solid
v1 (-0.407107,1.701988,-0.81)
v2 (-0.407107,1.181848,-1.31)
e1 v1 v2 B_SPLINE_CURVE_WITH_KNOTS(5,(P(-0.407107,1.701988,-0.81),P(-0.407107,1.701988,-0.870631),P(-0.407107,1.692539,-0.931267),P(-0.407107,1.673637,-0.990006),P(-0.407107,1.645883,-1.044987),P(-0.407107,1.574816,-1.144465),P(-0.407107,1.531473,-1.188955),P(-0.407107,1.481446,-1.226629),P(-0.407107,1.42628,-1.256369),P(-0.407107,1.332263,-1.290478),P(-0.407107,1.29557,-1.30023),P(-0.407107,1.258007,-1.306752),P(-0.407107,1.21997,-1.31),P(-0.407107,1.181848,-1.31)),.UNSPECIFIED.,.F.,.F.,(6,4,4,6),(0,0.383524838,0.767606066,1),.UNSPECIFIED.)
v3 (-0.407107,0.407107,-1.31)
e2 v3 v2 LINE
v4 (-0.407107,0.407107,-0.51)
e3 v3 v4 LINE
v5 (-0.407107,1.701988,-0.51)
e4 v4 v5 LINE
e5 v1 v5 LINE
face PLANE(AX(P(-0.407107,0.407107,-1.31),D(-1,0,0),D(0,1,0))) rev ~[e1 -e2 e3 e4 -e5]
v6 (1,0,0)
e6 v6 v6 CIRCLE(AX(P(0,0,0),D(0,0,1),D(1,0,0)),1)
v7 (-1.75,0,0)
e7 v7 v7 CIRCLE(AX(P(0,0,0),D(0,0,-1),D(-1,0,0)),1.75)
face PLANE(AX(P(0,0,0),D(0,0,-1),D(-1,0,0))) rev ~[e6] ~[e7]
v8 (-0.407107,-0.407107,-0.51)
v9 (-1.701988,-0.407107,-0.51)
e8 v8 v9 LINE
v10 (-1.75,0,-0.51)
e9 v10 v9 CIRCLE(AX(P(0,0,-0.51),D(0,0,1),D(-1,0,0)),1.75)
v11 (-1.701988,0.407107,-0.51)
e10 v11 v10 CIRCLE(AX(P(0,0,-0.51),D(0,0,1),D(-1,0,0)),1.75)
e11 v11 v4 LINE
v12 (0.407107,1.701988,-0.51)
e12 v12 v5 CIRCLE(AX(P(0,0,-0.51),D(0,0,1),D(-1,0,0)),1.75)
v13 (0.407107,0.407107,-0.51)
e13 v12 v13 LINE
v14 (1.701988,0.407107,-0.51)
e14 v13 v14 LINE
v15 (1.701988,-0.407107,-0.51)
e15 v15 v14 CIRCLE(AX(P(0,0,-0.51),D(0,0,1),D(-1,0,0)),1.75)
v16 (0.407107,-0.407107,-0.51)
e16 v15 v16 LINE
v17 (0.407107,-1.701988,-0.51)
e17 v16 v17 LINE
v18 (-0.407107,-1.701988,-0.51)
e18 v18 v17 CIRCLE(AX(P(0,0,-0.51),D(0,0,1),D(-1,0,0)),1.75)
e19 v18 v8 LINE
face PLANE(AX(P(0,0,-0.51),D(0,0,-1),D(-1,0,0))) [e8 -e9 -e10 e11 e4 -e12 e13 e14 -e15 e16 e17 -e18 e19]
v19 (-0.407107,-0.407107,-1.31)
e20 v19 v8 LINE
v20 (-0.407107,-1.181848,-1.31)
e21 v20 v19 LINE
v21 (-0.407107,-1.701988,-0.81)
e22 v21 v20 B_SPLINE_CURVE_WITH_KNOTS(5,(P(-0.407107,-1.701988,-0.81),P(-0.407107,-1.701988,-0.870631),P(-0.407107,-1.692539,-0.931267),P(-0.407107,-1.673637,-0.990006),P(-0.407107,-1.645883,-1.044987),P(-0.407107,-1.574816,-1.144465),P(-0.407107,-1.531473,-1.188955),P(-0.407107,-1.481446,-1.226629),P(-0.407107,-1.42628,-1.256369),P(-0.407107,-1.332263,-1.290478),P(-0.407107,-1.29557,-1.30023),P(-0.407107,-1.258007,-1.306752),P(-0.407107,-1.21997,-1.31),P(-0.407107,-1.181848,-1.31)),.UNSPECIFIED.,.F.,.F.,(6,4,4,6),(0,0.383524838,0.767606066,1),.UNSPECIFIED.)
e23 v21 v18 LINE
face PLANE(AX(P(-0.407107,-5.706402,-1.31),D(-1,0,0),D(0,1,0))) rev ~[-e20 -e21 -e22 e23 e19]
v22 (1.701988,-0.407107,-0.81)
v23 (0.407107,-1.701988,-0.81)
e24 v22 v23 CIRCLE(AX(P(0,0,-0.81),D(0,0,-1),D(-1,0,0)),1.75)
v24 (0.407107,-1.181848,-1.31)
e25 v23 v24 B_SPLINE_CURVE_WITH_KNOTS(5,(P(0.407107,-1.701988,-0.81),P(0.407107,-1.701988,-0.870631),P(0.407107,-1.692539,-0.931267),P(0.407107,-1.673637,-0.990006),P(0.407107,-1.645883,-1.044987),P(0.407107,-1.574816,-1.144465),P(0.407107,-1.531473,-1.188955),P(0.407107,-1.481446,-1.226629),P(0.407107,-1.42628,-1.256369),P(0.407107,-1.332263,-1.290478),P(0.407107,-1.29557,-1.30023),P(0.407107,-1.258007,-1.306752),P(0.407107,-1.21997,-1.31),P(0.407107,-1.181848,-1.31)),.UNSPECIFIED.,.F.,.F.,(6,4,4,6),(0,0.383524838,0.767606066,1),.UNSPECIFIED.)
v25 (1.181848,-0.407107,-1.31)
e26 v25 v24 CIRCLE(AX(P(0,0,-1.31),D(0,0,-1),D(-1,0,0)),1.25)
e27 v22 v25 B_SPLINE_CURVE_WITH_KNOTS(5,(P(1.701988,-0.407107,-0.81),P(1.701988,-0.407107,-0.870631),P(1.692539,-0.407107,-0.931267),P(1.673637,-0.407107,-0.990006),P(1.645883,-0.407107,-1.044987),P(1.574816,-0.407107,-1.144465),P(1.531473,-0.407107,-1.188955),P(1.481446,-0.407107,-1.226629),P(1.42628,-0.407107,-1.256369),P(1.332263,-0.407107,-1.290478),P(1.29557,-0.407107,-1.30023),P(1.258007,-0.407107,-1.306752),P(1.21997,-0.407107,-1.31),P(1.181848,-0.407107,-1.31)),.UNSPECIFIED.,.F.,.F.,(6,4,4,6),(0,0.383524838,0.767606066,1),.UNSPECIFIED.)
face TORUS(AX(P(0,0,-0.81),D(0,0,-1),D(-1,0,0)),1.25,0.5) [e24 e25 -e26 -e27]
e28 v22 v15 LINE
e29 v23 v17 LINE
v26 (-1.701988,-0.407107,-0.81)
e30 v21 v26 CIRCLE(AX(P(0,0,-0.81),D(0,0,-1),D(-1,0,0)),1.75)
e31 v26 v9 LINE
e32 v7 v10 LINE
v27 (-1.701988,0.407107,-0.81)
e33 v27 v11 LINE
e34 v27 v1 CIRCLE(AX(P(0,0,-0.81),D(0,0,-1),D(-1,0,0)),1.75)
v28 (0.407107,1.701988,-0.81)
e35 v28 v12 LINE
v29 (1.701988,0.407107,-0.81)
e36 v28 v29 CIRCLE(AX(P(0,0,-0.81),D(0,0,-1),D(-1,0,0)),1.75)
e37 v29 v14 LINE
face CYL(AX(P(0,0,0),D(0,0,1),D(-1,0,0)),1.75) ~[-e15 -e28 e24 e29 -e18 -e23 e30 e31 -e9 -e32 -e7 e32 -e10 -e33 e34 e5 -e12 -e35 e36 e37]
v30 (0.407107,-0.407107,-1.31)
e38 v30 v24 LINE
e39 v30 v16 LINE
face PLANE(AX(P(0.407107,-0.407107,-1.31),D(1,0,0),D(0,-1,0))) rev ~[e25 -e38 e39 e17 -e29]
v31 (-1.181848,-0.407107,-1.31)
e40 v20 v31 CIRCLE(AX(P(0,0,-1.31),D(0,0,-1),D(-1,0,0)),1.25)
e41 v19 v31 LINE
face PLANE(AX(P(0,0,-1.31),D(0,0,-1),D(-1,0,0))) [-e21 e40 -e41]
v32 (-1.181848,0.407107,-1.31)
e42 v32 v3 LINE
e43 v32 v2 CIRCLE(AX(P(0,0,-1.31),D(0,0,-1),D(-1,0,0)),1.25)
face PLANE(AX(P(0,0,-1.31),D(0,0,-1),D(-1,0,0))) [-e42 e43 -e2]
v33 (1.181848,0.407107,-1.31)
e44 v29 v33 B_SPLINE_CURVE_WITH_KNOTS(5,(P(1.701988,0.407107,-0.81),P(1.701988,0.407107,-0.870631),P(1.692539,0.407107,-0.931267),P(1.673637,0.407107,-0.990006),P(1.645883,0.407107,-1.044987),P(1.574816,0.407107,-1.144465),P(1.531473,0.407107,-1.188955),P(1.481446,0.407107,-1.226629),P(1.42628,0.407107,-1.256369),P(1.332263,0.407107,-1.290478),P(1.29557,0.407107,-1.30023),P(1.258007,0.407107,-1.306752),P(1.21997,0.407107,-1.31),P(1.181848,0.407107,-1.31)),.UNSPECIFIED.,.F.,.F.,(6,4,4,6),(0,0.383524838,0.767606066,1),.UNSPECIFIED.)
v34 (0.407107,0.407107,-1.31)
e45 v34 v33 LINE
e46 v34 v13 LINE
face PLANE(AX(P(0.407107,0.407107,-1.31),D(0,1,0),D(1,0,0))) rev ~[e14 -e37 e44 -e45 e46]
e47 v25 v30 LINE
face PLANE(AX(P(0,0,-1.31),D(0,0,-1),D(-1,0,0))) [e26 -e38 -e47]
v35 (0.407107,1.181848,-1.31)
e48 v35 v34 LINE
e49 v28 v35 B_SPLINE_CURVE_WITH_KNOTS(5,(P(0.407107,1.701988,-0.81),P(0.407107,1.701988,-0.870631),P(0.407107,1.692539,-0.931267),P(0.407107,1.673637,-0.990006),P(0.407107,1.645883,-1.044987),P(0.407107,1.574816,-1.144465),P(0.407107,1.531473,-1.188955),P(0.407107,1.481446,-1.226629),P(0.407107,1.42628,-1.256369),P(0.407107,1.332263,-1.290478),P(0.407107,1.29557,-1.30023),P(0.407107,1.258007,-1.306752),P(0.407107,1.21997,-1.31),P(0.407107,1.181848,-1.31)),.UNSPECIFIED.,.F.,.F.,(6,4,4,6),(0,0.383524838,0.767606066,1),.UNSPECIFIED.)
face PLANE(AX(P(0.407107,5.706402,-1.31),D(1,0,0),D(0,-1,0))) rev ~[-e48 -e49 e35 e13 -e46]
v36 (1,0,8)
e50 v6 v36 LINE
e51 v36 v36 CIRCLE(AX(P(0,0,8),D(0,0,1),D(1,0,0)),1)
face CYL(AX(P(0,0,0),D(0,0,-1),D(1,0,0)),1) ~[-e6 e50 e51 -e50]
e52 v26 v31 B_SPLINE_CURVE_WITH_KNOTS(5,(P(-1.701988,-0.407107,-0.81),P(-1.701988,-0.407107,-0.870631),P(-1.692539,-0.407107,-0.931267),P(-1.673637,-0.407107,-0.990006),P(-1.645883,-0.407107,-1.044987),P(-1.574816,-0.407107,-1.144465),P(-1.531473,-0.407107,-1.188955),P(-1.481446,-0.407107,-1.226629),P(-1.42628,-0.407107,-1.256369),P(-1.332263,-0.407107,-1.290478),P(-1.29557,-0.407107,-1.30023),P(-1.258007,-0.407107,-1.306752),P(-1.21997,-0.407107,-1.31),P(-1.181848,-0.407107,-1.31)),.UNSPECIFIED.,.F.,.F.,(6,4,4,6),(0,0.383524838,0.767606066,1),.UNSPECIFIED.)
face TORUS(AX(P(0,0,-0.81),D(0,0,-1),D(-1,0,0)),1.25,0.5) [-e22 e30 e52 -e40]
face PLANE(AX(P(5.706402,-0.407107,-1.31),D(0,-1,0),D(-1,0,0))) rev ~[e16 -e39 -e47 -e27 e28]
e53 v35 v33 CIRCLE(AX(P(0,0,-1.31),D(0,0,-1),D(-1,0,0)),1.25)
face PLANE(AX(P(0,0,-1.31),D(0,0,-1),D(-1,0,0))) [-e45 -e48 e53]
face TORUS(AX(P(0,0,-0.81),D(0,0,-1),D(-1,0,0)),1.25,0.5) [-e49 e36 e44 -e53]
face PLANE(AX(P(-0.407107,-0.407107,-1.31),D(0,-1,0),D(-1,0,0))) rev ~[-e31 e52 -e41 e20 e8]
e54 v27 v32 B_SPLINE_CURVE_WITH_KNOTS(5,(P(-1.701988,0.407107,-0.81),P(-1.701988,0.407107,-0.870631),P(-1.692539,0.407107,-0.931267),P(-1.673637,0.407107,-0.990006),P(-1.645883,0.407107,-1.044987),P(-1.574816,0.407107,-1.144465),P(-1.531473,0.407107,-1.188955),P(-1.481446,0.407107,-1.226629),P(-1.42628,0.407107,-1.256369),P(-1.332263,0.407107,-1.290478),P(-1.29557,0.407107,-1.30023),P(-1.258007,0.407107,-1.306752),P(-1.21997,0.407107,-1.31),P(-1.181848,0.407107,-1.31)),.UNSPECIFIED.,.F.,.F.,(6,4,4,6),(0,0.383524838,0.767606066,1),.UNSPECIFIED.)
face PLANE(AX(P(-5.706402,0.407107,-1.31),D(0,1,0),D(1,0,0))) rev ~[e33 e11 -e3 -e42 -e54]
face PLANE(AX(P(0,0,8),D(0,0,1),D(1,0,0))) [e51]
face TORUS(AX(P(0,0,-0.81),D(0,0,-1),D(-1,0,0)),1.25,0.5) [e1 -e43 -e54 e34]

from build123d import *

# Parameters (mm, degrees)
SKETCH_1_R          = 1
EXTRUDE_1_DEPTH     = 8
SKETCH_2_R          = 1.75
EXTRUDE_2_DEPTH     = 1.31
FILLET_1_R          = 0.5
CUT_EXTRUDE_1_DEPTH = 0.8


with BuildPart() as part:
    # 草图1 → 凸台-拉伸1 (new body)
    with BuildSketch(Plane.XY):
        Circle(SKETCH_1_R)
    extrude(amount=EXTRUDE_1_DEPTH)

    # 草图2 → 凸台-拉伸2 (add)
    with BuildSketch(Plane(origin=(0, 0, 0), x_dir=(-1, 0, 0), z_dir=(0, 0, -1))):
        Circle(SKETCH_2_R)
    extrude(amount=EXTRUDE_2_DEPTH)

    # 圆角1
    fillet_1_edges = [part.edges().sort_by_distance(p)[0] for p in [
        (1.75, 0, -1.31),
    ]]
    fillet(fillet_1_edges, radius=FILLET_1_R)

    # 草图3 → 切除-拉伸1 (cut)
    with BuildSketch(Plane(origin=(0, 0, -1.31), x_dir=(-1, 0, 0), z_dir=(0, 0, -1))):
        Polygon((0.407106781, 0.407106781), (0.407106781, 5.706401657), (-0.407106781, 5.706401657), (-0.407106781, 0.407106781), (-5.706401657, 0.407106781), (-5.706401657, -0.407106781), (-0.407106781, -0.407106781), (-0.407106781, -5.706401657), (0.407106781, -5.706401657), (0.407106781, -0.407106781), (5.706401657, -0.407106781), (5.706401657, 0.407106781), align=None)
    extrude(amount=-CUT_EXTRUDE_1_DEPTH, mode=Mode.SUBTRACT)


solid = part.part
